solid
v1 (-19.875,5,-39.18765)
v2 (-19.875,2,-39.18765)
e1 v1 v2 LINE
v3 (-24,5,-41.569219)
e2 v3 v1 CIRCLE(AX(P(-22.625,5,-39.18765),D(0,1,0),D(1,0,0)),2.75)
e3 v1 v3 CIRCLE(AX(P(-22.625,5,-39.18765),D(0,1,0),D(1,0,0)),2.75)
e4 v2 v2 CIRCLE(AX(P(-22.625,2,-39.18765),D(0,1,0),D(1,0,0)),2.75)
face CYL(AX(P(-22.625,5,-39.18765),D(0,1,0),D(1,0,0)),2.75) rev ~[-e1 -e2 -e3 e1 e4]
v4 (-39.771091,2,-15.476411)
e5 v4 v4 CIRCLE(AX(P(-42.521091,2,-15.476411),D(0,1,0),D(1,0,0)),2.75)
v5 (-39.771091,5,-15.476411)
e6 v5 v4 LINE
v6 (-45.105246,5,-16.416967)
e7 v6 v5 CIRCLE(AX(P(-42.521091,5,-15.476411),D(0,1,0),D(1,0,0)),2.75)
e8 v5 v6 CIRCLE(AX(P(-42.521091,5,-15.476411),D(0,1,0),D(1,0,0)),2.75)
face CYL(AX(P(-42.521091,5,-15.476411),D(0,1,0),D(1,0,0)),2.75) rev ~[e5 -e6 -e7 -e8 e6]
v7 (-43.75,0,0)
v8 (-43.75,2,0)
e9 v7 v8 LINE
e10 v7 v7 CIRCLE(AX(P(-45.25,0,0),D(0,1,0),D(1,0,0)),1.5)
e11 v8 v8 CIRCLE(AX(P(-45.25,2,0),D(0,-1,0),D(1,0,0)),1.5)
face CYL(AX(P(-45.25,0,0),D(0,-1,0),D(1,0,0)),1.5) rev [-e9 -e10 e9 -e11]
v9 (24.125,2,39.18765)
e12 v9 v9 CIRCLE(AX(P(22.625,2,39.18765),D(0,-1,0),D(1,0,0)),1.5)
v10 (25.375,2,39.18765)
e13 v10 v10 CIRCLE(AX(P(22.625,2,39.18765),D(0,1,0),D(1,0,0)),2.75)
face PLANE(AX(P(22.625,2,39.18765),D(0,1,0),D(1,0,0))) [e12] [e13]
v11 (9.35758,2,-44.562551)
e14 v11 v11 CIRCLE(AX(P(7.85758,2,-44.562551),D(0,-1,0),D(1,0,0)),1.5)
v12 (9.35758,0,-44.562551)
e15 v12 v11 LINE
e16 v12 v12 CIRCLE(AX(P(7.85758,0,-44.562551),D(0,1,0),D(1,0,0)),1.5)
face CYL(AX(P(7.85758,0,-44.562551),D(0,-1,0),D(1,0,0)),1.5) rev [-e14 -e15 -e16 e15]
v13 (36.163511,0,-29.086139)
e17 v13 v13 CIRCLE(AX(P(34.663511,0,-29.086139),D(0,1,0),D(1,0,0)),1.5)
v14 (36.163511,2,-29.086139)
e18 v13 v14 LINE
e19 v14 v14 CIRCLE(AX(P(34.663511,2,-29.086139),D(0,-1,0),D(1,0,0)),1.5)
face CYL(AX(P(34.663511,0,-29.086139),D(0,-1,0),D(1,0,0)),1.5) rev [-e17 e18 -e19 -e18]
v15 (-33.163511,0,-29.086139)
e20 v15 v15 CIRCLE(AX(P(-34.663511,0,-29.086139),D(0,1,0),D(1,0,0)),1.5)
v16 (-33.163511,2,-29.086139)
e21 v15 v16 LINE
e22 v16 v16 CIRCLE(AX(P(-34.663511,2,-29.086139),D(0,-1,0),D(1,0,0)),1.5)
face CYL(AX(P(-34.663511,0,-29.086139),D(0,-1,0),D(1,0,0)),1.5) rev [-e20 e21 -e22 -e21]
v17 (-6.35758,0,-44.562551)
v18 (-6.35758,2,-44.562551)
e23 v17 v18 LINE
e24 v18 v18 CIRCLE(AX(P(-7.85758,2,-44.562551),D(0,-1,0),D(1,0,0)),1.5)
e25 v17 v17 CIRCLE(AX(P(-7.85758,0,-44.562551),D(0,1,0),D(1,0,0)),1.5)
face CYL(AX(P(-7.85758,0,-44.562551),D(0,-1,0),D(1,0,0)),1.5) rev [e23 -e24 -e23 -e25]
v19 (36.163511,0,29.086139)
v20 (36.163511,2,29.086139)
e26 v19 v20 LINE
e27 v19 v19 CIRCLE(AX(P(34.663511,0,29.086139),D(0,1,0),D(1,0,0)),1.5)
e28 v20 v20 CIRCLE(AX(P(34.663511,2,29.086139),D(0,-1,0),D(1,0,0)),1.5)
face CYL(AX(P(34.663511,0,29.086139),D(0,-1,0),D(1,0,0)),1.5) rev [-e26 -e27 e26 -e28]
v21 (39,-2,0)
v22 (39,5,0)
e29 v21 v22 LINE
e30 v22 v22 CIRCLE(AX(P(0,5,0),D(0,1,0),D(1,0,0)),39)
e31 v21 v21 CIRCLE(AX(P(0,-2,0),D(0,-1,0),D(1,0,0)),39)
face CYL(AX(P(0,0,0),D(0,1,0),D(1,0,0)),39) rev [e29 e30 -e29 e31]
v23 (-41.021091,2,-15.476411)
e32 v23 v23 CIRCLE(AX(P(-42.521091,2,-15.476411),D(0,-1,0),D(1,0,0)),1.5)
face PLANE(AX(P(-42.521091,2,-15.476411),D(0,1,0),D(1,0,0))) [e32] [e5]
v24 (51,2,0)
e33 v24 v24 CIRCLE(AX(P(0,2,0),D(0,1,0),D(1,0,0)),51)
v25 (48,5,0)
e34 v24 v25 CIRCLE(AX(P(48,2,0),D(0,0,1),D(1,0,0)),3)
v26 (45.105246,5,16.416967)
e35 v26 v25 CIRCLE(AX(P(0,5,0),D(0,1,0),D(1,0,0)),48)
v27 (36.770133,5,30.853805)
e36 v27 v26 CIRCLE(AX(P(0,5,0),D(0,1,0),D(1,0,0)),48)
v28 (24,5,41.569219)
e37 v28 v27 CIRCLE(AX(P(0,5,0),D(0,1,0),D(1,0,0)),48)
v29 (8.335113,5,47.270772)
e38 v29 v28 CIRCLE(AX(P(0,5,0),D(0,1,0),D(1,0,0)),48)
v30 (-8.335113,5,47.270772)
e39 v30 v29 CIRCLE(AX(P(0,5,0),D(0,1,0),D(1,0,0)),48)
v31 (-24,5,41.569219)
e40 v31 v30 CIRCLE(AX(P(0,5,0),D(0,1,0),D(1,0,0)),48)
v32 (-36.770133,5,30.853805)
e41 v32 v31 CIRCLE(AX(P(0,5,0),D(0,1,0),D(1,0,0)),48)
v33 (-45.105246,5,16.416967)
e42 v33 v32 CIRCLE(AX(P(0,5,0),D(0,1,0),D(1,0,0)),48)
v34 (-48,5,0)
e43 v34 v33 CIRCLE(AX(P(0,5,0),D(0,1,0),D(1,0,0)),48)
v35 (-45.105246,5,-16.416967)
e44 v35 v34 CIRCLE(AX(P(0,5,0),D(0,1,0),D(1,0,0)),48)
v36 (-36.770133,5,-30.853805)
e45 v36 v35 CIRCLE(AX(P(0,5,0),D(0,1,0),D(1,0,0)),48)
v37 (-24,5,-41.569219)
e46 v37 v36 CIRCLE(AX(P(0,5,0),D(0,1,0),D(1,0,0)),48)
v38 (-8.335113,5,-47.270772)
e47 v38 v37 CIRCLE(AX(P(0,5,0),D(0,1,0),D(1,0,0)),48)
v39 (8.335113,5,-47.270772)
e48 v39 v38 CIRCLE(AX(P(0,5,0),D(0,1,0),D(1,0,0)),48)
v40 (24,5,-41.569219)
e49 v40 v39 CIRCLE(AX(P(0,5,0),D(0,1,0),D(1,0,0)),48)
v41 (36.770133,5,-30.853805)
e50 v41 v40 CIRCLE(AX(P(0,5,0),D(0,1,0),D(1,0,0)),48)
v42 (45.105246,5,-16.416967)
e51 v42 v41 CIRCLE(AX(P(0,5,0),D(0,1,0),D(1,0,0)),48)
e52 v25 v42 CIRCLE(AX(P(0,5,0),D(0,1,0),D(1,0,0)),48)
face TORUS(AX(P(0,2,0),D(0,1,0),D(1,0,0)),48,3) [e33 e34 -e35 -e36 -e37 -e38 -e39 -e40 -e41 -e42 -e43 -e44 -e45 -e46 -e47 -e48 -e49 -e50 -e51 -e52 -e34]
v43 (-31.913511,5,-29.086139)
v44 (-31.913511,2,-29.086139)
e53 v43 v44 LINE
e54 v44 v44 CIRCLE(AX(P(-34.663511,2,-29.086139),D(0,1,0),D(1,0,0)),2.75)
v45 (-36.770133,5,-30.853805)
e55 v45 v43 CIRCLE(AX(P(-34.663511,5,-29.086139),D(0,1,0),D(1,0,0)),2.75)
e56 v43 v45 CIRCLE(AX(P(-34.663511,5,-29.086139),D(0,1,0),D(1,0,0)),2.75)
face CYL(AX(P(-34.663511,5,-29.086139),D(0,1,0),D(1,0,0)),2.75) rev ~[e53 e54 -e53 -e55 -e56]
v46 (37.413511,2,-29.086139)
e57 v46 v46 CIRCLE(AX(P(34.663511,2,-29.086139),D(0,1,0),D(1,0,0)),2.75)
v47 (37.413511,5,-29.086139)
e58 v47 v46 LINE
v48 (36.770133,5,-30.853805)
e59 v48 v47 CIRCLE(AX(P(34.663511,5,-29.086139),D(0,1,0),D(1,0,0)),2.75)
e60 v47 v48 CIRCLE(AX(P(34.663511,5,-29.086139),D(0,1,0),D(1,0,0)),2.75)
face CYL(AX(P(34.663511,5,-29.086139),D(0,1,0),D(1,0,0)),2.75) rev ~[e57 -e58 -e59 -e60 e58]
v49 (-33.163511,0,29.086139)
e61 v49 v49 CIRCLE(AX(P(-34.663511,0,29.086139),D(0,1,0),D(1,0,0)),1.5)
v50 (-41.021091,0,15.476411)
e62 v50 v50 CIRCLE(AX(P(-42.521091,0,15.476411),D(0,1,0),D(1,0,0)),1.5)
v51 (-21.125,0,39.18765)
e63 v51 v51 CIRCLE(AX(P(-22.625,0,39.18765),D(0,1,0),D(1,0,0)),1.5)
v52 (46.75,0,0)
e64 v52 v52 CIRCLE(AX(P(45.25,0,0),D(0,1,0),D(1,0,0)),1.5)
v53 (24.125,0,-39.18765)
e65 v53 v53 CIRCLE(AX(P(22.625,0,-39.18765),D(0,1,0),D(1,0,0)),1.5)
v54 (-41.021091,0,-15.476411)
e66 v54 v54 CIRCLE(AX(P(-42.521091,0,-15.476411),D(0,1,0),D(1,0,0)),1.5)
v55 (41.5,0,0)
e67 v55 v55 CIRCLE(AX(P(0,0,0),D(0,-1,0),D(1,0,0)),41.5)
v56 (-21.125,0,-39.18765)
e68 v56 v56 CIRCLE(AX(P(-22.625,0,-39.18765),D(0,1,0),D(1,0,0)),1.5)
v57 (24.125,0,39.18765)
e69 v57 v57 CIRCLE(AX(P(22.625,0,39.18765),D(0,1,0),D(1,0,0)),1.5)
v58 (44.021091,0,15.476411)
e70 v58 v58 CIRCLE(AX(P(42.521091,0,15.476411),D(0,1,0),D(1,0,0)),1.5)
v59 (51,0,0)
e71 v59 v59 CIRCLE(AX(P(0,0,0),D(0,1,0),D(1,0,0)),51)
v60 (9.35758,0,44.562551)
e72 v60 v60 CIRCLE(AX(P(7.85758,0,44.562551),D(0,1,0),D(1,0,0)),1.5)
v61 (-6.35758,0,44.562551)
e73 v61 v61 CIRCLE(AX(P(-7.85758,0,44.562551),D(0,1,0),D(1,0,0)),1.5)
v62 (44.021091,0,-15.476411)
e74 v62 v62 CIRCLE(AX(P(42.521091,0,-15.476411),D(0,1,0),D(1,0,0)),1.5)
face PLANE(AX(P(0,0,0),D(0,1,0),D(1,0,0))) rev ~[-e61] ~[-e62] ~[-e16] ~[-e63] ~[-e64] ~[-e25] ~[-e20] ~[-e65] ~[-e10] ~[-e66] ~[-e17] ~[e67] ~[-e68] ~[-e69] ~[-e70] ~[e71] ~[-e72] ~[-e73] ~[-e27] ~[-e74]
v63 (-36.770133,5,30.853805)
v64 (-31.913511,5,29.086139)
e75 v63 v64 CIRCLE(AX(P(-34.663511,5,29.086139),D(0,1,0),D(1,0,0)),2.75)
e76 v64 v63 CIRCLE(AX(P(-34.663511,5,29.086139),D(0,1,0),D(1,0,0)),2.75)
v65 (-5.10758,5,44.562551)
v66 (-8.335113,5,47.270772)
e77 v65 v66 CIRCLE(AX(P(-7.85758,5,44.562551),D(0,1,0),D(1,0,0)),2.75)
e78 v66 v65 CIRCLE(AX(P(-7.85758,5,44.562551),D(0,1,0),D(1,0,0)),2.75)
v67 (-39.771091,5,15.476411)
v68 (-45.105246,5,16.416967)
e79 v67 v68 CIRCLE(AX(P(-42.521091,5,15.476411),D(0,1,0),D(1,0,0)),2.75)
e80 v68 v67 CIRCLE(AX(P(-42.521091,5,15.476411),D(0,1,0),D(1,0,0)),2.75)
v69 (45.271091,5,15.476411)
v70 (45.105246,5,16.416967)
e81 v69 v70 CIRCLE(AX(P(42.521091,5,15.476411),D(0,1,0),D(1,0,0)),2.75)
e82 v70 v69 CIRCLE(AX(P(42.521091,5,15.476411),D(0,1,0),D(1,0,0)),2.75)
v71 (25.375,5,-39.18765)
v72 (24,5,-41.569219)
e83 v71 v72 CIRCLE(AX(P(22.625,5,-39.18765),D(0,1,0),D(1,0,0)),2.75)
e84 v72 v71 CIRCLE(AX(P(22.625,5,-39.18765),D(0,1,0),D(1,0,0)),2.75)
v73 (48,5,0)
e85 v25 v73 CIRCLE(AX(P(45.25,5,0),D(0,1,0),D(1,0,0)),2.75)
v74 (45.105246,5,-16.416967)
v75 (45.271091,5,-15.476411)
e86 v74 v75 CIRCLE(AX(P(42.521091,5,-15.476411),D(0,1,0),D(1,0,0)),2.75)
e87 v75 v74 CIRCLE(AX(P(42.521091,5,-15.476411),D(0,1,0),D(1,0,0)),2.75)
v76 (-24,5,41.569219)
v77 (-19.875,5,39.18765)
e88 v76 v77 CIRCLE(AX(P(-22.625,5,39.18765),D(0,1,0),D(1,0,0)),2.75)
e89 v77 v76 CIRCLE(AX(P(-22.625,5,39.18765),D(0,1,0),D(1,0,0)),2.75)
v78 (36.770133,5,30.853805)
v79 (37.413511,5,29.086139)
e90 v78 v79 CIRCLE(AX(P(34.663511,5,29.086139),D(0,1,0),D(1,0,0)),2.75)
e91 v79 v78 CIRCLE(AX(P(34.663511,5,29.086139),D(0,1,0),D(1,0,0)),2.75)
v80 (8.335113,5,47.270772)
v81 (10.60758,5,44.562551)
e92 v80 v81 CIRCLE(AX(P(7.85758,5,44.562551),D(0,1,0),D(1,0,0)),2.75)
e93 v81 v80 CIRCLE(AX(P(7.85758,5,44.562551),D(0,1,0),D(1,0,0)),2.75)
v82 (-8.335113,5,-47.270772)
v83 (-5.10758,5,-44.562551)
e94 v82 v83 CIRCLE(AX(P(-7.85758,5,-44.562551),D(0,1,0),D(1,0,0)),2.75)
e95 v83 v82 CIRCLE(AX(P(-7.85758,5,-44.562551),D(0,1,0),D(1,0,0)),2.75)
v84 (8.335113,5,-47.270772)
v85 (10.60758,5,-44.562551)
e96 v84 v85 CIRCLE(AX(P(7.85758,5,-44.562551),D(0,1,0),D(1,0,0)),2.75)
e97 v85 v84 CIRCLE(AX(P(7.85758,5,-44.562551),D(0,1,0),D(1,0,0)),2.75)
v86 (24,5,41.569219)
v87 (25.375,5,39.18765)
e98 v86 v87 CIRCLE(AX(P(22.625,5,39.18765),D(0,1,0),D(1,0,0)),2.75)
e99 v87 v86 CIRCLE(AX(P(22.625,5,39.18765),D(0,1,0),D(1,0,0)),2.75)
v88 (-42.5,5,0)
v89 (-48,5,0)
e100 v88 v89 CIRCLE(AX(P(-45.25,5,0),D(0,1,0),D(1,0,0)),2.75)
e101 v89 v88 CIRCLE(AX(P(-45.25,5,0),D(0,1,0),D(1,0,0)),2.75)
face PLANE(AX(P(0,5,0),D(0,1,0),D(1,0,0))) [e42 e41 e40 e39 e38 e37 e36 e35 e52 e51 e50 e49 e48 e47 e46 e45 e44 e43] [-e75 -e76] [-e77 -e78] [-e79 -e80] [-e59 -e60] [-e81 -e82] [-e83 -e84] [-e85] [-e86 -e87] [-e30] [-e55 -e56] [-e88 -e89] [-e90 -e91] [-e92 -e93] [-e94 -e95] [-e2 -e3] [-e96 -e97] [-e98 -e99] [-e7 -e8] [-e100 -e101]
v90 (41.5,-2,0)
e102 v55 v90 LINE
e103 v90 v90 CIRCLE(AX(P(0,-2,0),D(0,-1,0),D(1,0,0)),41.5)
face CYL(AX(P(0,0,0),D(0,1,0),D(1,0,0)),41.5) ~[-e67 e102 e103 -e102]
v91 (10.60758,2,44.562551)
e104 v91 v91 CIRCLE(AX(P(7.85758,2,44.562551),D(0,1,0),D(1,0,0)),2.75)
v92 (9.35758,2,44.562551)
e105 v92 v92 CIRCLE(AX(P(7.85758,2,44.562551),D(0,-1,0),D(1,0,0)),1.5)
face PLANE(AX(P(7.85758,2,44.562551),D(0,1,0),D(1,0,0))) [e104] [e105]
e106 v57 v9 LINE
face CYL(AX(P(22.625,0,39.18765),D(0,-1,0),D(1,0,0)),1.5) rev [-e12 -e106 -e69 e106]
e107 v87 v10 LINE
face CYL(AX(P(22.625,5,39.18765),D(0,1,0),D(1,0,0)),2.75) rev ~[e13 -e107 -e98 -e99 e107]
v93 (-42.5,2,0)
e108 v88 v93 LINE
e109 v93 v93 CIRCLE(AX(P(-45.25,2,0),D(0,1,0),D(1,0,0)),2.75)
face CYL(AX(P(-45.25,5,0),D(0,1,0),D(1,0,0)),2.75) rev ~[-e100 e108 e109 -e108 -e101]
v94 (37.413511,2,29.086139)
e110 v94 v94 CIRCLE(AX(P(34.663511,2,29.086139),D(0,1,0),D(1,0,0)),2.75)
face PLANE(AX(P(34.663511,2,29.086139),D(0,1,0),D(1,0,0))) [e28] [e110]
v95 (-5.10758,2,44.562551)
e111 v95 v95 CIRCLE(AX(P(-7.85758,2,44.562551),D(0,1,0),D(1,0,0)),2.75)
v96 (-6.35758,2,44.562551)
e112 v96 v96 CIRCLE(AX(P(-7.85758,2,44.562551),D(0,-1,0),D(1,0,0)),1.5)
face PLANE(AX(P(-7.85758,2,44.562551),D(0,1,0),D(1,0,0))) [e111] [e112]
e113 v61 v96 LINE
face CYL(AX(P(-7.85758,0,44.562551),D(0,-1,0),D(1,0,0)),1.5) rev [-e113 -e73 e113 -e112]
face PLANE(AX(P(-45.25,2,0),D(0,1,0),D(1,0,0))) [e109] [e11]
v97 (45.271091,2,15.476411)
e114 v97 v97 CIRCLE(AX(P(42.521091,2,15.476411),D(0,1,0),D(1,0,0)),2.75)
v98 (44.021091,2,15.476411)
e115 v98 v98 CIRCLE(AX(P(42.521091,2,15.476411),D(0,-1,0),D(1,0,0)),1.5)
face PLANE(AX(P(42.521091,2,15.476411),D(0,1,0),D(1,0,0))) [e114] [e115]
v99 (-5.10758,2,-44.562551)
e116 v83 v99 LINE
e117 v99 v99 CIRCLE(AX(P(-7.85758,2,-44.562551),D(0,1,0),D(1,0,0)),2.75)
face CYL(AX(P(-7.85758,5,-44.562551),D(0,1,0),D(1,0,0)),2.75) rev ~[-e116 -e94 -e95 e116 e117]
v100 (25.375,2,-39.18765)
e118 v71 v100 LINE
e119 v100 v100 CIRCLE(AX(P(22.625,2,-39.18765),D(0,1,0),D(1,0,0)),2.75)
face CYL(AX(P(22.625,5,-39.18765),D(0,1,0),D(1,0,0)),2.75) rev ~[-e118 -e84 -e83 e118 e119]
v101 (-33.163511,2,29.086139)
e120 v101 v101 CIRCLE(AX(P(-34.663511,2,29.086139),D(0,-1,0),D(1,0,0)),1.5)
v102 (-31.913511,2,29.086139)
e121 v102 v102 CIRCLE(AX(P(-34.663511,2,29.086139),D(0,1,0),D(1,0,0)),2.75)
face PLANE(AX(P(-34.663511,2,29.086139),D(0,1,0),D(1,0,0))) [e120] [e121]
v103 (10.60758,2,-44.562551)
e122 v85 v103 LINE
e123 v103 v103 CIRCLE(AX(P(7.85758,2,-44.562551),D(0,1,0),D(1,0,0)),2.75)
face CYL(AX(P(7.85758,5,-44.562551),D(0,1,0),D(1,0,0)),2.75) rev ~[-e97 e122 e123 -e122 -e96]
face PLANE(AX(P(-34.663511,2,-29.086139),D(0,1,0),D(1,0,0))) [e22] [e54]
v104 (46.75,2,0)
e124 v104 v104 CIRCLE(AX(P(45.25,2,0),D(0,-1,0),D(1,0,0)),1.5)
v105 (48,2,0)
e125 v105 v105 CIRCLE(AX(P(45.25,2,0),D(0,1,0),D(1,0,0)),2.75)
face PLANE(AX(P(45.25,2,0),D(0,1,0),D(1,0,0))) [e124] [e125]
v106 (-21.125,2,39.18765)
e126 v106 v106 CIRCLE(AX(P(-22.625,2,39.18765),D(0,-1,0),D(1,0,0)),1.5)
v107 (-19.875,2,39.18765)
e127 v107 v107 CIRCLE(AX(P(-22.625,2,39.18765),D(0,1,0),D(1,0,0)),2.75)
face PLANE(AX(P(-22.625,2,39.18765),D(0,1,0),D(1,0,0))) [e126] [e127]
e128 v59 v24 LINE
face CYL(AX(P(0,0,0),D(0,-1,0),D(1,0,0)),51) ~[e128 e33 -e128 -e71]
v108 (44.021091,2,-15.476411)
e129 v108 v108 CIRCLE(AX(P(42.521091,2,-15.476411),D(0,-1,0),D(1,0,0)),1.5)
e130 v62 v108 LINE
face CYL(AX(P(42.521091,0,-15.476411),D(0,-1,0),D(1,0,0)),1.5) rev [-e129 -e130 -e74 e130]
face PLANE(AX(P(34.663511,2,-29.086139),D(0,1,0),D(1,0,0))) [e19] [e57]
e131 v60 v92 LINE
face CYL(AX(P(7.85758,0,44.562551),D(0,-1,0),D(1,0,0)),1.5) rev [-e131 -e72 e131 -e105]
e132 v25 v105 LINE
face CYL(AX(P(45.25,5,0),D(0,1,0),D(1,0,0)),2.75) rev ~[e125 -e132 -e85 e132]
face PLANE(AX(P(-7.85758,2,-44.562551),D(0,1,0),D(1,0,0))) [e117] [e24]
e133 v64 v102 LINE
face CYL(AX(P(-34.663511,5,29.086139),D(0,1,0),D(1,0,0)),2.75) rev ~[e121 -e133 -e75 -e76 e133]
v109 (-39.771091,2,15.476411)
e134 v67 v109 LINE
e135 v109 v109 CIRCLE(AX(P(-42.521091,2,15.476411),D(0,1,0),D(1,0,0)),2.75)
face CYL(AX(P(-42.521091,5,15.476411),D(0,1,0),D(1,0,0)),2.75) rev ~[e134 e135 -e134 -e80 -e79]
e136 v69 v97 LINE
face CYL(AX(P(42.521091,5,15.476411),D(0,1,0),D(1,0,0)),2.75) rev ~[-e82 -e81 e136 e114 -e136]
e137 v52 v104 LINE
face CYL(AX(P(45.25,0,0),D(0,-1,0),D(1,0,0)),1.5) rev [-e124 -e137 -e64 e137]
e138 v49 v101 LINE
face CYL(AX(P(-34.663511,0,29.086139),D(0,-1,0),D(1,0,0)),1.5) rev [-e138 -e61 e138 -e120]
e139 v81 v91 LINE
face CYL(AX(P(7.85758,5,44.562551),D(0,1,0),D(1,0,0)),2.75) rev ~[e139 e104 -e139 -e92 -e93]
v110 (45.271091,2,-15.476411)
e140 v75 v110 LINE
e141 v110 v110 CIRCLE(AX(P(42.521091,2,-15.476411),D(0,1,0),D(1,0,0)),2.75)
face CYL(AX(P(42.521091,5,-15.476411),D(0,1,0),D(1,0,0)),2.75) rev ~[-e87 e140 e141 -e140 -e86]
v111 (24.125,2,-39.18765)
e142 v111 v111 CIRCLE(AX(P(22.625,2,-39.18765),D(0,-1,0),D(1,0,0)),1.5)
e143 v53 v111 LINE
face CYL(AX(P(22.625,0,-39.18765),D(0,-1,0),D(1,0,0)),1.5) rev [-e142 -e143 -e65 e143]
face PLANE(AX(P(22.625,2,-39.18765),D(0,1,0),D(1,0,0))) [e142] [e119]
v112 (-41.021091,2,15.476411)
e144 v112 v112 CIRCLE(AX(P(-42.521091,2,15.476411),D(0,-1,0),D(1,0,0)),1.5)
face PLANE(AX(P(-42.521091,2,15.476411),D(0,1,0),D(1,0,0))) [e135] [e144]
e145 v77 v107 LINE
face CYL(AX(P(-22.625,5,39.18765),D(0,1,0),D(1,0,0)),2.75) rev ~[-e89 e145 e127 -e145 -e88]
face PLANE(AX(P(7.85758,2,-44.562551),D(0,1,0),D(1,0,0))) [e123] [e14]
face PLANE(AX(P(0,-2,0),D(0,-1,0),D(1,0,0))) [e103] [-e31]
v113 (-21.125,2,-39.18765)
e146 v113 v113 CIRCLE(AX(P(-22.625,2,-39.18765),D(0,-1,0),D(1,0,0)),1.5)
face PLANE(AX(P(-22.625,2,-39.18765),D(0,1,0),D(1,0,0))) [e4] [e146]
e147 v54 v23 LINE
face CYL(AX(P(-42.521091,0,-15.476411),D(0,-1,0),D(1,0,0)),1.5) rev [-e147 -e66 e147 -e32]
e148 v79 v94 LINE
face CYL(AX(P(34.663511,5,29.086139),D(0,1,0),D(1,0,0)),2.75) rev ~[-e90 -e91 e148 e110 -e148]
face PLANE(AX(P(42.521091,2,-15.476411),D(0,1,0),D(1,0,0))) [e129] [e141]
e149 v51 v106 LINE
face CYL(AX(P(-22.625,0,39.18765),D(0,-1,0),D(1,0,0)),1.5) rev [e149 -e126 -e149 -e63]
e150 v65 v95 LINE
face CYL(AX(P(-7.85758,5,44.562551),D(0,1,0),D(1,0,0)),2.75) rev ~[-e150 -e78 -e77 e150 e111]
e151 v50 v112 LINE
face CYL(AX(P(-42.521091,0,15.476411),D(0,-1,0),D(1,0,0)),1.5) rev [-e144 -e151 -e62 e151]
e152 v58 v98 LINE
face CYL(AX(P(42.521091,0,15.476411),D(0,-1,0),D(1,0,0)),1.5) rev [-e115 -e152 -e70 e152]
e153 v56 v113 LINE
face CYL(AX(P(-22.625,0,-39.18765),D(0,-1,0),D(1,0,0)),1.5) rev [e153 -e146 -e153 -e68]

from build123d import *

# Parameters (mm, degrees)
SKETCH1_R           = 51
SKETCH1_R_2         = 39
SKETCH1_R_3         = 1.5
BOSS_EXTRUDE1_DEPTH = 5
FILLET1_R           = 3
SKETCH2_R           = 2.75
CUT_EXTRUDE1_DEPTH  = 3
SKETCH3_R           = 41.5
SKETCH3_R_2         = 39
BOSS_EXTRUDE2_DEPTH = 2


with BuildPart() as part:
    # Sketch1 → Boss-Extrude1 (new body)
    with BuildSketch(Plane(origin=(0, 0, 0), x_dir=(1, 0, 0), z_dir=(0, 1, 0))):
        Circle(SKETCH1_R)
        Circle(SKETCH1_R_2, mode=Mode.SUBTRACT)
        with Locations((45.25, 0)):
            Circle(SKETCH1_R_3, mode=Mode.SUBTRACT)
        with Locations((42.521091091, -15.476411485)):
            Circle(SKETCH1_R_3, mode=Mode.SUBTRACT)
        with Locations((34.663511051, -29.086139338)):
            Circle(SKETCH1_R_3, mode=Mode.SUBTRACT)
        with Locations((22.625, -39.187649521)):
            Circle(SKETCH1_R_3, mode=Mode.SUBTRACT)
        with Locations((7.857580039, -44.562550824)):
            Circle(SKETCH1_R_3, mode=Mode.SUBTRACT)
        with Locations((-7.857580039, -44.562550824)):
            Circle(SKETCH1_R_3, mode=Mode.SUBTRACT)
        with Locations((-22.625, -39.187649521)):
            Circle(SKETCH1_R_3, mode=Mode.SUBTRACT)
        with Locations((-34.663511051, -29.086139338)):
            Circle(SKETCH1_R_3, mode=Mode.SUBTRACT)
        with Locations((-42.521091091, -15.476411485)):
            Circle(SKETCH1_R_3, mode=Mode.SUBTRACT)
        with Locations((-45.25, 0)):
            Circle(SKETCH1_R_3, mode=Mode.SUBTRACT)
        with Locations((-42.521091091, 15.476411485)):
            Circle(SKETCH1_R_3, mode=Mode.SUBTRACT)
        with Locations((-34.663511051, 29.086139338)):
            Circle(SKETCH1_R_3, mode=Mode.SUBTRACT)
        with Locations((-22.625, 39.187649521)):
            Circle(SKETCH1_R_3, mode=Mode.SUBTRACT)
        with Locations((-7.857580039, 44.562550824)):
            Circle(SKETCH1_R_3, mode=Mode.SUBTRACT)
        with Locations((7.857580039, 44.562550824)):
            Circle(SKETCH1_R_3, mode=Mode.SUBTRACT)
        with Locations((22.625, 39.187649521)):
            Circle(SKETCH1_R_3, mode=Mode.SUBTRACT)
        with Locations((34.663511051, 29.086139338)):
            Circle(SKETCH1_R_3, mode=Mode.SUBTRACT)
        with Locations((42.521091091, 15.476411485)):
            Circle(SKETCH1_R_3, mode=Mode.SUBTRACT)
    extrude(amount=BOSS_EXTRUDE1_DEPTH)

    # Fillet1
    fillet1_edges = [part.edges().sort_by_distance(p)[0] for p in [
        (-51, 5, 0),
    ]]
    fillet(fillet1_edges, radius=FILLET1_R)

    # Sketch2 → Cut-Extrude1 (cut)
    with BuildSketch(Plane(origin=(0, 5, 0), x_dir=(1, 0, 0), z_dir=(0, 1, 0))):
        with Locations((45.25, 0)):
            Circle(SKETCH2_R)
        with Locations((42.521091091, -15.476411485)):
            Circle(SKETCH2_R)
        with Locations((34.663511051, -29.086139338)):
            Circle(SKETCH2_R)
        with Locations((22.625, -39.187649521)):
            Circle(SKETCH2_R)
        with Locations((7.857580039, -44.562550824)):
            Circle(SKETCH2_R)
        with Locations((-7.857580039, -44.562550824)):
            Circle(SKETCH2_R)
        with Locations((-22.625, -39.187649521)):
            Circle(SKETCH2_R)
        with Locations((-34.663511051, -29.086139338)):
            Circle(SKETCH2_R)
        with Locations((-42.521091091, -15.476411485)):
            Circle(SKETCH2_R)
        with Locations((-45.25, 0)):
            Circle(SKETCH2_R)
        with Locations((-42.521091091, 15.476411485)):
            Circle(SKETCH2_R)
        with Locations((-34.663511051, 29.086139338)):
            Circle(SKETCH2_R)
        with Locations((-22.625, 39.187649521)):
            Circle(SKETCH2_R)
        with Locations((-7.857580039, 44.562550824)):
            Circle(SKETCH2_R)
        with Locations((7.857580039, 44.562550824)):
            Circle(SKETCH2_R)
        with Locations((22.625, 39.187649521)):
            Circle(SKETCH2_R)
        with Locations((34.663511051, 29.086139338)):
            Circle(SKETCH2_R)
        with Locations((42.521091091, 15.476411485)):
            Circle(SKETCH2_R)
    extrude(amount=-CUT_EXTRUDE1_DEPTH, mode=Mode.SUBTRACT)

    # Sketch3 → Boss-Extrude2 (add)
    with BuildSketch(Plane.XZ):
        Circle(SKETCH3_R)
        Circle(SKETCH3_R_2, mode=Mode.SUBTRACT)
    extrude(amount=BOSS_EXTRUDE2_DEPTH)


solid = part.part
